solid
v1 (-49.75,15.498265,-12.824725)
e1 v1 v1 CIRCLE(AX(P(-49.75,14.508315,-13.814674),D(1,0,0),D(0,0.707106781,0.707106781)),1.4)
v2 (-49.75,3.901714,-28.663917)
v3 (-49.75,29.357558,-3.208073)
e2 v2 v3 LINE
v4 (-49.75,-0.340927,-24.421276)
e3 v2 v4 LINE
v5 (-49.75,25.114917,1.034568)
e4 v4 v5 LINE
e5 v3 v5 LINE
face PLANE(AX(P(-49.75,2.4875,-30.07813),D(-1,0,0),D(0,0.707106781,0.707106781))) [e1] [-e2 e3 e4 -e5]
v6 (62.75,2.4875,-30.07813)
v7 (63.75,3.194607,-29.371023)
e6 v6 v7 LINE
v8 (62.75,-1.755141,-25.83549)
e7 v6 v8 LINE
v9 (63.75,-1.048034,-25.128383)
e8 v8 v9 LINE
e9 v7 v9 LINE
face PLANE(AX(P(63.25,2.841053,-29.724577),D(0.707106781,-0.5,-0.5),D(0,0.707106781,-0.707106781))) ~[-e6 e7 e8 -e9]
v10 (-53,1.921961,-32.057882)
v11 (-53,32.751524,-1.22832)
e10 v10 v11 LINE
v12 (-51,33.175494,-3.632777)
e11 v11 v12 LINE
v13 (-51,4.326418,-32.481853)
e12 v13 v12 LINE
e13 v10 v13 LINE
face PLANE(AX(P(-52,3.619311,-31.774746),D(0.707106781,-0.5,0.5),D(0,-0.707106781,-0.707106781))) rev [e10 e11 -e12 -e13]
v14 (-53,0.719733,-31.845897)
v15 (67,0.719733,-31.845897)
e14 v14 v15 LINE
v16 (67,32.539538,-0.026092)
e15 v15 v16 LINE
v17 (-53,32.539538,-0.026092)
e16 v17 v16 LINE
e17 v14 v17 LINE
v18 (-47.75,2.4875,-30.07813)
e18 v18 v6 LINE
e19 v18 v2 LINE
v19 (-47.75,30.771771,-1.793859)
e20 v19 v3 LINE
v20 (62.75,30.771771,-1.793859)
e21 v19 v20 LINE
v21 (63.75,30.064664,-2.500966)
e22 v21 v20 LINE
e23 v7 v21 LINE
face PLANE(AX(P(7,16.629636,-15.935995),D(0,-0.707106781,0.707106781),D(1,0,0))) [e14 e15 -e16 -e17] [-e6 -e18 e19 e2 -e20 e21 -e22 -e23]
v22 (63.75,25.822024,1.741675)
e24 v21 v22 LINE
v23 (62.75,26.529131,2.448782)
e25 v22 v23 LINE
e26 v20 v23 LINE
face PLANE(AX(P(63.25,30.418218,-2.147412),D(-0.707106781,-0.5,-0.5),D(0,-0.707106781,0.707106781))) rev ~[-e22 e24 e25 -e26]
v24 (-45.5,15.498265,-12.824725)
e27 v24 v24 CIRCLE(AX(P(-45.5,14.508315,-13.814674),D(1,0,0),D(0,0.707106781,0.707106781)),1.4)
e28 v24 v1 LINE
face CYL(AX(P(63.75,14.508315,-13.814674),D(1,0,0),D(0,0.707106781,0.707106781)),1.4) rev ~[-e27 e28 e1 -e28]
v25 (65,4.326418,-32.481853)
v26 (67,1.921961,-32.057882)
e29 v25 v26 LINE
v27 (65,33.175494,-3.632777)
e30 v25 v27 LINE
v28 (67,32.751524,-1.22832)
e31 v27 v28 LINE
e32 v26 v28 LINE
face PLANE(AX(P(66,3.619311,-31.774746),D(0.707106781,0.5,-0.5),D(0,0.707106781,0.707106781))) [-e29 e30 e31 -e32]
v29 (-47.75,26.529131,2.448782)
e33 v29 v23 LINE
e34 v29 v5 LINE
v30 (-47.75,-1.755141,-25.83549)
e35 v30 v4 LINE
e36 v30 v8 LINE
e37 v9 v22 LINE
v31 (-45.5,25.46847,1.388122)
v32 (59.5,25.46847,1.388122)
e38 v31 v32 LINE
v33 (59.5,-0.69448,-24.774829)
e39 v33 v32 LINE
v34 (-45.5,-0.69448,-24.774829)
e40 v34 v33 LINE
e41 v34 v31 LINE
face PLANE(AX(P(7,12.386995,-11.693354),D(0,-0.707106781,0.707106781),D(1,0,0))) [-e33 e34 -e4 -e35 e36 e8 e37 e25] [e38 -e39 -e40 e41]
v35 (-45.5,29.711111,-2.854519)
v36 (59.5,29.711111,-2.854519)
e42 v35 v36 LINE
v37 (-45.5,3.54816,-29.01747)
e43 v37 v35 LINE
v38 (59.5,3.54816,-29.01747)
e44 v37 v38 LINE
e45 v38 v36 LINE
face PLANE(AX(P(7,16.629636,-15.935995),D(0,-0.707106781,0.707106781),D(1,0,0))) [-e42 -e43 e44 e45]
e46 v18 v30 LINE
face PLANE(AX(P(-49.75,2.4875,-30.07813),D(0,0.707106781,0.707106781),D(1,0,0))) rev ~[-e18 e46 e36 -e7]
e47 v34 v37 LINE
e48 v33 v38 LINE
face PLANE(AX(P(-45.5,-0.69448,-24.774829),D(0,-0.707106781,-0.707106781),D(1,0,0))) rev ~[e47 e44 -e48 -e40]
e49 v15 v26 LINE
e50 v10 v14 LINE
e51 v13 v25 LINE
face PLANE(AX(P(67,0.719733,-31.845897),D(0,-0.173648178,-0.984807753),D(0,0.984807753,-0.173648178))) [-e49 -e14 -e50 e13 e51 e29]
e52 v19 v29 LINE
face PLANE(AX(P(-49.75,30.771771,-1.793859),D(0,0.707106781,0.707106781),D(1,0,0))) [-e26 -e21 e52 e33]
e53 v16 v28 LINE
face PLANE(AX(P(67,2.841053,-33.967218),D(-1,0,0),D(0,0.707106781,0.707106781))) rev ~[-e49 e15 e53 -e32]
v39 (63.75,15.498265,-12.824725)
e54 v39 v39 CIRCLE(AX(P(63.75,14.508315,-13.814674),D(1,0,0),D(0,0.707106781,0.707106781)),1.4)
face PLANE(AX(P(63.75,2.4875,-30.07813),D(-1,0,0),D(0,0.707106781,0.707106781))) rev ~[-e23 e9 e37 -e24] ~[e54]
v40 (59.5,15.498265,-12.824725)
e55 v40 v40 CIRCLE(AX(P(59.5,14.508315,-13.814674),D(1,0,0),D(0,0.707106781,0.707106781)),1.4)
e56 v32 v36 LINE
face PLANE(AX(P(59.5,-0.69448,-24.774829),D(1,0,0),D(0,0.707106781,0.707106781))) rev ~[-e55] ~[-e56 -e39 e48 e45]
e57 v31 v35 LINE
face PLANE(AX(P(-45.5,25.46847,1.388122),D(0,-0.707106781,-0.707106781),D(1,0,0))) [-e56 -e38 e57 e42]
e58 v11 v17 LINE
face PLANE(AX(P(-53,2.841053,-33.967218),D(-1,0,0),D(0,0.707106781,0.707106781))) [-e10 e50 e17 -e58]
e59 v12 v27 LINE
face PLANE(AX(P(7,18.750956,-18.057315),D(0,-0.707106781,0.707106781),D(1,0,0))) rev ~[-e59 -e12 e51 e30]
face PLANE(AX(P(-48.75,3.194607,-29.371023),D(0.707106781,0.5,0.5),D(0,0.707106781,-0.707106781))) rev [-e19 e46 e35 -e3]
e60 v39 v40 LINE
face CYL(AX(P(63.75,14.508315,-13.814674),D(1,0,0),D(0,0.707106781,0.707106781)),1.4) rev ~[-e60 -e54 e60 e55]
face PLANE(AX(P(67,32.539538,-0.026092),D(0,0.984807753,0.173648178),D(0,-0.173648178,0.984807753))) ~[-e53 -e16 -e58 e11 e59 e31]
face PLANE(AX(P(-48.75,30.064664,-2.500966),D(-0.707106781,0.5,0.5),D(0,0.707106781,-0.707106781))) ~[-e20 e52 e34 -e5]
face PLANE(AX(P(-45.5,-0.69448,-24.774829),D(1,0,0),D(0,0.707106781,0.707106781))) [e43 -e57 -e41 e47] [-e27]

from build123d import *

# Parameters (mm, degrees)
SKETCH018_W             = 120
SKETCH018_H             = 45
PAD003_DEPTH            = 3
SKETCH019_W             = 113.5
SKETCH019_H             = 40
PAD004_DEPTH            = 6
SKETCH020_R             = 1.4
POCKET008_DEPTH         = 116.751
POCKET012_DEPTH         = 376.9523572644
CHAMFER008_SIZE         = 2
SKETCH021_W             = 105
SKETCH021_H             = 37
POCKET013_DEPTH         = 6
CHAMFER009_SIZE         = 2
CHAMFER010_SIZE         = 1
CHAMFER011_SIZE         = 1
CHAMFER012_SIZE         = 2
BODY001_PLACEMENT_ANGLE = 45


with BuildPart() as part:
    # Sketch018 → Pad003 (new body)
    with BuildSketch(Plane.XZ):
        Rectangle(SKETCH018_W, SKETCH018_H)
    extrude(amount=PAD003_DEPTH)

    # Sketch019 (on Face6 of Pad003) → Pad004 (join)
    with BuildSketch(Plane.XZ.offset(3)):
        Rectangle(SKETCH019_W, SKETCH019_H)
    extrude(amount=PAD004_DEPTH)

    # Sketch020 (on Face8 of Pad004) → Pocket008 (cut, through all)
    with BuildSketch(Plane(origin=(56.75, 0, 0), x_dir=(0, 0, 1), z_dir=(1, 0, 0))):
        with Locations((0, 6)):
            Circle(SKETCH020_R)
    extrude(amount=-POCKET008_DEPTH, mode=Mode.SUBTRACT)

    # Sketch024 (on Face3 of Pocket008) → Pocket012 (cut, through all)
    with BuildSketch(Plane(origin=(60, 0, 0), x_dir=(0, 0, 1), z_dir=(1, 0, 0))):
        Polygon((-22.5, 3), (-17.8754562378, -3.604532956), (-35.516254, -3.604532956), align=None)
    pocket012 = extrude(amount=-POCKET012_DEPTH, mode=Mode.SUBTRACT)

    # Mirrored: Pocket012 across Sketch024 V_Axis
    add(pocket012.mirror(Plane(origin=(60, 0, 0), x_dir=(1, 0, 0), z_dir=(0, 0, 1))), mode=Mode.SUBTRACT)

    # Chamfer008
    chamfer008_edges = [part.edges().sort_by_distance(p)[0] for p in [
        (60, 0, 0),
        (-60, 0, 0),
    ]]
    chamfer(chamfer008_edges, length=CHAMFER008_SIZE)

    # Sketch021 → Pocket013 (cut)
    with BuildSketch(Plane.XZ.offset(9)):
        Rectangle(SKETCH021_W, SKETCH021_H)
    extrude(amount=-POCKET013_DEPTH, mode=Mode.SUBTRACT)

    # Chamfer009
    chamfer009_edges = [part.edges().sort_by_distance(p)[0] for p in [
        (-56.75, -6, -20),
    ]]
    chamfer(chamfer009_edges, length=CHAMFER009_SIZE)

    # Chamfer010
    chamfer010_edges = [part.edges().sort_by_distance(p)[0] for p in [
        (56.75, -6, -20),
    ]]
    chamfer(chamfer010_edges, length=CHAMFER010_SIZE)

    # Chamfer011
    chamfer011_edges = [part.edges().sort_by_distance(p)[0] for p in [
        (56.75, -6, 20),
    ]]
    chamfer(chamfer011_edges, length=CHAMFER011_SIZE)

    # Chamfer012
    chamfer012_edges = [part.edges().sort_by_distance(p)[0] for p in [
        (-56.75, -6, 20),
    ]]
    chamfer(chamfer012_edges, length=CHAMFER012_SIZE)


with BuildPart() as part_1:
    # Body001 placement: moved
    add(part.part.moved(Location((7, 18.7509559904, -18.0573149459))).rotate(Axis((7, 18.7509559904, -18.0573149459), (-1, 0, 0)), BODY001_PLACEMENT_ANGLE))


solid = part_1.part
